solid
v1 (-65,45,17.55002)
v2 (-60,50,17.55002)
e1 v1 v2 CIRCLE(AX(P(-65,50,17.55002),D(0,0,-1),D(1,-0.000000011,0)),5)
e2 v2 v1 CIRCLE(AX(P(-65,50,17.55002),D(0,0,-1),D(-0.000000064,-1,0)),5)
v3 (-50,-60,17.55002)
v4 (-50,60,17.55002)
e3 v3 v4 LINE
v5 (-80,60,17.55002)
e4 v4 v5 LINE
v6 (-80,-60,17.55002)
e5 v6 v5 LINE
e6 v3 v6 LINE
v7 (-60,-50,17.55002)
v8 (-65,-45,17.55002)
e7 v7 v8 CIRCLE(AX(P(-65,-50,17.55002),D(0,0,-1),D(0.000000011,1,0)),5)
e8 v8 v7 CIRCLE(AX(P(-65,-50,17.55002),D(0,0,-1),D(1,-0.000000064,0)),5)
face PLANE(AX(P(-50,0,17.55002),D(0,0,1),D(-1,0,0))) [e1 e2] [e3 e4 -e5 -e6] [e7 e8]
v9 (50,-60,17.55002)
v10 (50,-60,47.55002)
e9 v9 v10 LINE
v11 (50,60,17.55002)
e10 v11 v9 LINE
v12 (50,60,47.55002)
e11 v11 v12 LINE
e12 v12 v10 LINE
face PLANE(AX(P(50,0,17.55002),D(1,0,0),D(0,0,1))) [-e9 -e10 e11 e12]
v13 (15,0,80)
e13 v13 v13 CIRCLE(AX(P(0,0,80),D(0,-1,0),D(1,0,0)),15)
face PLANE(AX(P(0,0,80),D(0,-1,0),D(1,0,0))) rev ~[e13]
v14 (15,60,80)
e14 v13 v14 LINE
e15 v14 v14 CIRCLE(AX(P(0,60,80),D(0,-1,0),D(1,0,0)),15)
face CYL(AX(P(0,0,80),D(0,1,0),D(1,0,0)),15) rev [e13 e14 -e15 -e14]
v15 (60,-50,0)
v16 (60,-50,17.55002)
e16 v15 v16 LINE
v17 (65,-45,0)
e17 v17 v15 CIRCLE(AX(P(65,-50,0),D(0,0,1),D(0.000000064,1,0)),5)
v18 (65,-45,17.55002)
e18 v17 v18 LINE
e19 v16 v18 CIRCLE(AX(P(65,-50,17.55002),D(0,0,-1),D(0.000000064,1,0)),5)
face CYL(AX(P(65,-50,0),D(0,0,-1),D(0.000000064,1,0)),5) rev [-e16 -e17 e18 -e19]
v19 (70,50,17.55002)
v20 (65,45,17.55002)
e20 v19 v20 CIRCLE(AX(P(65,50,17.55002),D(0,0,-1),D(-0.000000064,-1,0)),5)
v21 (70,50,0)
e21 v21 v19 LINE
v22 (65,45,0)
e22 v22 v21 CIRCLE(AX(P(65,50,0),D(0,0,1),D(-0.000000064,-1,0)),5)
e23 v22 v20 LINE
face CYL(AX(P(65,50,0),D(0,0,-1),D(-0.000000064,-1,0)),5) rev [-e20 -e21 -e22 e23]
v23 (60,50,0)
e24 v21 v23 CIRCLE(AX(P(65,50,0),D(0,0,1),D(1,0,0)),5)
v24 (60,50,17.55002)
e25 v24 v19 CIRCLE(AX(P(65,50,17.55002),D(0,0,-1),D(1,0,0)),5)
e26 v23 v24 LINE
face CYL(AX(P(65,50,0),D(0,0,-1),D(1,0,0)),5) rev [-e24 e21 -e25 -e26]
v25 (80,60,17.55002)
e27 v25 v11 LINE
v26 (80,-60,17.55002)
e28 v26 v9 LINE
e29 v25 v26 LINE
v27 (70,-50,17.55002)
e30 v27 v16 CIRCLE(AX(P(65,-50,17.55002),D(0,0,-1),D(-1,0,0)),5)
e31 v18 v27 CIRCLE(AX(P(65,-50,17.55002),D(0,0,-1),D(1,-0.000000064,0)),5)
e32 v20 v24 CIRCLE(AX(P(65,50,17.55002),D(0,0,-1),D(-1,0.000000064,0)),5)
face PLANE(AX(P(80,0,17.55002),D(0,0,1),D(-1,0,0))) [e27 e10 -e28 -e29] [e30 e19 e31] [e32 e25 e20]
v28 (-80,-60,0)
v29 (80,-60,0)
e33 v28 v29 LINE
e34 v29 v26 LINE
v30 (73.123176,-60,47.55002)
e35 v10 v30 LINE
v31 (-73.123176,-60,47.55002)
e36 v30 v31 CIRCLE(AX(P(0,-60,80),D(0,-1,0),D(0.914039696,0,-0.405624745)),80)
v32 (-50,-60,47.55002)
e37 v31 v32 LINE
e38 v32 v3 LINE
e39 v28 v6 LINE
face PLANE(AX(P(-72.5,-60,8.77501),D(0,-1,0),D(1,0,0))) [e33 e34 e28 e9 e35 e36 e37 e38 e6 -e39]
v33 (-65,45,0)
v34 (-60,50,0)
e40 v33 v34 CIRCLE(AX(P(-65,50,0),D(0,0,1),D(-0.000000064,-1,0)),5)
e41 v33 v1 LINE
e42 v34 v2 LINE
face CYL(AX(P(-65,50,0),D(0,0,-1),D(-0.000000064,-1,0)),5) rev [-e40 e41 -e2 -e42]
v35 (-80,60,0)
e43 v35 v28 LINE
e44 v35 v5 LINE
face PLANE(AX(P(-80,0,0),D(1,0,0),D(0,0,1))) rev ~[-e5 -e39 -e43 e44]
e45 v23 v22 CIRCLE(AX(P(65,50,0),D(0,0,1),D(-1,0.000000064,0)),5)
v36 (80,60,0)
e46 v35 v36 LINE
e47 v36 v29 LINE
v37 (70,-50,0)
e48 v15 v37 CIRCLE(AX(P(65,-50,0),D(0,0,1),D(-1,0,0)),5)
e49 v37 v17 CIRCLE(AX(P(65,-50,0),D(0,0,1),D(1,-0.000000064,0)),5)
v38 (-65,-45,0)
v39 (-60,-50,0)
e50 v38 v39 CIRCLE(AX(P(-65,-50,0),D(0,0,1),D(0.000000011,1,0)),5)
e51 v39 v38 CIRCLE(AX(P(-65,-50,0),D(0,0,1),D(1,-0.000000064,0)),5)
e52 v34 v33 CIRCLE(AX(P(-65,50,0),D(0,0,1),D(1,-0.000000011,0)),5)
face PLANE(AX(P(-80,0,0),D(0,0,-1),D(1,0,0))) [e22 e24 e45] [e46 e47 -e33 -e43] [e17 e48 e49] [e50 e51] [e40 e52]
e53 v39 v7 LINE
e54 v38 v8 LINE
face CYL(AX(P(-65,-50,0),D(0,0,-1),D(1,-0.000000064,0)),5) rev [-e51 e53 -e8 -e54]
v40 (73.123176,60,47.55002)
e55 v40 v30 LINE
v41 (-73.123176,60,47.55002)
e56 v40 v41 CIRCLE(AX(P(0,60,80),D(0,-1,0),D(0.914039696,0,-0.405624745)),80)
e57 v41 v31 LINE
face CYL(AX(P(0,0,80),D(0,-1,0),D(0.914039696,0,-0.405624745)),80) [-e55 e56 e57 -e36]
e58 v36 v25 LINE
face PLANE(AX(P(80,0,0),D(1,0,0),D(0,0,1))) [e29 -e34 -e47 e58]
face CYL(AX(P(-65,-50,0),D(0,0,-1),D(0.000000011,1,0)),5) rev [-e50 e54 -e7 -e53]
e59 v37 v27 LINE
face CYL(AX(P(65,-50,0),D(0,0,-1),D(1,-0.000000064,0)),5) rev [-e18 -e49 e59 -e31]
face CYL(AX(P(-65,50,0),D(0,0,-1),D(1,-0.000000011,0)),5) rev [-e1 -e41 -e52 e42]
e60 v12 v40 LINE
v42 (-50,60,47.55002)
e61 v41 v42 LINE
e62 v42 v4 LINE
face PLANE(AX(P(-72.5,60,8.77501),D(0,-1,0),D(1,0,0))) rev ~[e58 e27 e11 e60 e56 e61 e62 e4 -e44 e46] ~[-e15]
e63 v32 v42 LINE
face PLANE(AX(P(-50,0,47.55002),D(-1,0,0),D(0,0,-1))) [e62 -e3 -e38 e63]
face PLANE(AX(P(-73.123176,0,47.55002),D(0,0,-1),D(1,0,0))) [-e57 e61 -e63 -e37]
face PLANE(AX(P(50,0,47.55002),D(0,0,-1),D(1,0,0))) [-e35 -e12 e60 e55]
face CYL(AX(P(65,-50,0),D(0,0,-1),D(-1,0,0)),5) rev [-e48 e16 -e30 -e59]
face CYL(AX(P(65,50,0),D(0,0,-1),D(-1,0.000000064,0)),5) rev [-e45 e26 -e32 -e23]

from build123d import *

# Parameters (mm, degrees)
F0_W     = 15
F0_H     = 17.55002
F0_R     = 15
F2_DEPTH = 60
F3_DEPTH = 25
F4_DEPTH = 60


with BuildPart() as f2:
    # F0 (on Front) → F2 (new body, symmetric)
    with BuildSketch(Plane.XZ):
        with Locations((-72.5, 8.77501)):
            Rectangle(F0_W, F0_H)
        with BuildLine():
            Line((-65, 0), (0, 0))
            ThreePointArc((0, 0), (-26.495298, 4.514907), (-50, 17.55002))
            Line((-50, 17.55002), (-65, 17.55002))
            Line((-65, 17.55002), (-65, 0))
        make_face()
        with BuildLine():
            ThreePointArc((-50, 17.55002), (-26.495298, 4.514907), (0, 0))
            ThreePointArc((0, 0), (26.495298, 4.514907), (50, 17.55002))
            Line((50, 17.55002), (50, 47.55002))
            Line((50, 47.55002), (73.123176, 47.55002))
            ThreePointArc((73.123176, 47.55002), (0, 160), (-73.123176, 47.55002))
            Line((-73.123176, 47.55002), (-50, 47.55002))
            Line((-50, 47.55002), (-50, 17.55002))
        make_face()
        with Locations((0, 80)):
            Circle(F0_R, mode=Mode.SUBTRACT)
        with BuildLine():
            ThreePointArc((50, 17.55002), (26.495298, 4.514907), (0, 0))
            Line((0, 0), (65, 0))
            Line((65, 0), (65, 17.55002))
            Line((65, 17.55002), (50, 17.55002))
        make_face()
        with Locations((72.5, 8.77501)):
            Rectangle(F0_W, F0_H)
    extrude(amount=F2_DEPTH, both=True)

    # F1 (on Top) → F3 (cut)
    with BuildSketch(Plane.XY):
        with BuildLine():
            ThreePointArc((-60, 50), (-68.535534, 53.535534), (-65, 45))
            Line((-65, 45), (-65, 50))
            Line((-65, 50), (-60, 50))
        make_face()
        with BuildLine():
            Line((-65, 50), (-65, 45))
            ThreePointArc((-65, 45), (-61.464466, 46.464466), (-60, 50))
            Line((-60, 50), (-65, 50))
        make_face()
        with BuildLine():
            Line((-65, -45), (-65, -50))
            Line((-65, -50), (-60, -50))
            ThreePointArc((-60, -50), (-61.464466, -46.464466), (-65, -45))
        make_face()
        with BuildLine():
            Line((-60, -50), (-65, -50))
            Line((-65, -50), (-65, -45))
            ThreePointArc((-65, -45), (-68.535534, -53.535534), (-60, -50))
        make_face()
        with BuildLine():
            ThreePointArc((60, 50), (61.464466, 46.464466), (65, 45))
            Line((65, 45), (65, 50))
            Line((65, 50), (60, 50))
        make_face()
        with BuildLine():
            Line((65, 50), (65, 45))
            ThreePointArc((65, 45), (68.535534, 46.464466), (70, 50))
            ThreePointArc((70, 50), (65, 55), (60, 50))
            Line((60, 50), (65, 50))
        make_face()
        with BuildLine():
            Line((65, -50), (60, -50))
            ThreePointArc((60, -50), (65, -55), (70, -50))
            ThreePointArc((70, -50), (68.535534, -46.464466), (65, -45))
            Line((65, -45), (65, -50))
        make_face()
        with BuildLine():
            ThreePointArc((65, -45), (61.464466, -46.464466), (60, -50))
            Line((60, -50), (65, -50))
            Line((65, -50), (65, -45))
        make_face()
    extrude(amount=F3_DEPTH, mode=Mode.SUBTRACT)

    # F0 (on Front) → F4 (join, through all)
    with BuildSketch(Plane.XZ):
        with Locations((0, 80)):
            Circle(F0_R)
    extrude(amount=F4_DEPTH)


solid = f2.part
